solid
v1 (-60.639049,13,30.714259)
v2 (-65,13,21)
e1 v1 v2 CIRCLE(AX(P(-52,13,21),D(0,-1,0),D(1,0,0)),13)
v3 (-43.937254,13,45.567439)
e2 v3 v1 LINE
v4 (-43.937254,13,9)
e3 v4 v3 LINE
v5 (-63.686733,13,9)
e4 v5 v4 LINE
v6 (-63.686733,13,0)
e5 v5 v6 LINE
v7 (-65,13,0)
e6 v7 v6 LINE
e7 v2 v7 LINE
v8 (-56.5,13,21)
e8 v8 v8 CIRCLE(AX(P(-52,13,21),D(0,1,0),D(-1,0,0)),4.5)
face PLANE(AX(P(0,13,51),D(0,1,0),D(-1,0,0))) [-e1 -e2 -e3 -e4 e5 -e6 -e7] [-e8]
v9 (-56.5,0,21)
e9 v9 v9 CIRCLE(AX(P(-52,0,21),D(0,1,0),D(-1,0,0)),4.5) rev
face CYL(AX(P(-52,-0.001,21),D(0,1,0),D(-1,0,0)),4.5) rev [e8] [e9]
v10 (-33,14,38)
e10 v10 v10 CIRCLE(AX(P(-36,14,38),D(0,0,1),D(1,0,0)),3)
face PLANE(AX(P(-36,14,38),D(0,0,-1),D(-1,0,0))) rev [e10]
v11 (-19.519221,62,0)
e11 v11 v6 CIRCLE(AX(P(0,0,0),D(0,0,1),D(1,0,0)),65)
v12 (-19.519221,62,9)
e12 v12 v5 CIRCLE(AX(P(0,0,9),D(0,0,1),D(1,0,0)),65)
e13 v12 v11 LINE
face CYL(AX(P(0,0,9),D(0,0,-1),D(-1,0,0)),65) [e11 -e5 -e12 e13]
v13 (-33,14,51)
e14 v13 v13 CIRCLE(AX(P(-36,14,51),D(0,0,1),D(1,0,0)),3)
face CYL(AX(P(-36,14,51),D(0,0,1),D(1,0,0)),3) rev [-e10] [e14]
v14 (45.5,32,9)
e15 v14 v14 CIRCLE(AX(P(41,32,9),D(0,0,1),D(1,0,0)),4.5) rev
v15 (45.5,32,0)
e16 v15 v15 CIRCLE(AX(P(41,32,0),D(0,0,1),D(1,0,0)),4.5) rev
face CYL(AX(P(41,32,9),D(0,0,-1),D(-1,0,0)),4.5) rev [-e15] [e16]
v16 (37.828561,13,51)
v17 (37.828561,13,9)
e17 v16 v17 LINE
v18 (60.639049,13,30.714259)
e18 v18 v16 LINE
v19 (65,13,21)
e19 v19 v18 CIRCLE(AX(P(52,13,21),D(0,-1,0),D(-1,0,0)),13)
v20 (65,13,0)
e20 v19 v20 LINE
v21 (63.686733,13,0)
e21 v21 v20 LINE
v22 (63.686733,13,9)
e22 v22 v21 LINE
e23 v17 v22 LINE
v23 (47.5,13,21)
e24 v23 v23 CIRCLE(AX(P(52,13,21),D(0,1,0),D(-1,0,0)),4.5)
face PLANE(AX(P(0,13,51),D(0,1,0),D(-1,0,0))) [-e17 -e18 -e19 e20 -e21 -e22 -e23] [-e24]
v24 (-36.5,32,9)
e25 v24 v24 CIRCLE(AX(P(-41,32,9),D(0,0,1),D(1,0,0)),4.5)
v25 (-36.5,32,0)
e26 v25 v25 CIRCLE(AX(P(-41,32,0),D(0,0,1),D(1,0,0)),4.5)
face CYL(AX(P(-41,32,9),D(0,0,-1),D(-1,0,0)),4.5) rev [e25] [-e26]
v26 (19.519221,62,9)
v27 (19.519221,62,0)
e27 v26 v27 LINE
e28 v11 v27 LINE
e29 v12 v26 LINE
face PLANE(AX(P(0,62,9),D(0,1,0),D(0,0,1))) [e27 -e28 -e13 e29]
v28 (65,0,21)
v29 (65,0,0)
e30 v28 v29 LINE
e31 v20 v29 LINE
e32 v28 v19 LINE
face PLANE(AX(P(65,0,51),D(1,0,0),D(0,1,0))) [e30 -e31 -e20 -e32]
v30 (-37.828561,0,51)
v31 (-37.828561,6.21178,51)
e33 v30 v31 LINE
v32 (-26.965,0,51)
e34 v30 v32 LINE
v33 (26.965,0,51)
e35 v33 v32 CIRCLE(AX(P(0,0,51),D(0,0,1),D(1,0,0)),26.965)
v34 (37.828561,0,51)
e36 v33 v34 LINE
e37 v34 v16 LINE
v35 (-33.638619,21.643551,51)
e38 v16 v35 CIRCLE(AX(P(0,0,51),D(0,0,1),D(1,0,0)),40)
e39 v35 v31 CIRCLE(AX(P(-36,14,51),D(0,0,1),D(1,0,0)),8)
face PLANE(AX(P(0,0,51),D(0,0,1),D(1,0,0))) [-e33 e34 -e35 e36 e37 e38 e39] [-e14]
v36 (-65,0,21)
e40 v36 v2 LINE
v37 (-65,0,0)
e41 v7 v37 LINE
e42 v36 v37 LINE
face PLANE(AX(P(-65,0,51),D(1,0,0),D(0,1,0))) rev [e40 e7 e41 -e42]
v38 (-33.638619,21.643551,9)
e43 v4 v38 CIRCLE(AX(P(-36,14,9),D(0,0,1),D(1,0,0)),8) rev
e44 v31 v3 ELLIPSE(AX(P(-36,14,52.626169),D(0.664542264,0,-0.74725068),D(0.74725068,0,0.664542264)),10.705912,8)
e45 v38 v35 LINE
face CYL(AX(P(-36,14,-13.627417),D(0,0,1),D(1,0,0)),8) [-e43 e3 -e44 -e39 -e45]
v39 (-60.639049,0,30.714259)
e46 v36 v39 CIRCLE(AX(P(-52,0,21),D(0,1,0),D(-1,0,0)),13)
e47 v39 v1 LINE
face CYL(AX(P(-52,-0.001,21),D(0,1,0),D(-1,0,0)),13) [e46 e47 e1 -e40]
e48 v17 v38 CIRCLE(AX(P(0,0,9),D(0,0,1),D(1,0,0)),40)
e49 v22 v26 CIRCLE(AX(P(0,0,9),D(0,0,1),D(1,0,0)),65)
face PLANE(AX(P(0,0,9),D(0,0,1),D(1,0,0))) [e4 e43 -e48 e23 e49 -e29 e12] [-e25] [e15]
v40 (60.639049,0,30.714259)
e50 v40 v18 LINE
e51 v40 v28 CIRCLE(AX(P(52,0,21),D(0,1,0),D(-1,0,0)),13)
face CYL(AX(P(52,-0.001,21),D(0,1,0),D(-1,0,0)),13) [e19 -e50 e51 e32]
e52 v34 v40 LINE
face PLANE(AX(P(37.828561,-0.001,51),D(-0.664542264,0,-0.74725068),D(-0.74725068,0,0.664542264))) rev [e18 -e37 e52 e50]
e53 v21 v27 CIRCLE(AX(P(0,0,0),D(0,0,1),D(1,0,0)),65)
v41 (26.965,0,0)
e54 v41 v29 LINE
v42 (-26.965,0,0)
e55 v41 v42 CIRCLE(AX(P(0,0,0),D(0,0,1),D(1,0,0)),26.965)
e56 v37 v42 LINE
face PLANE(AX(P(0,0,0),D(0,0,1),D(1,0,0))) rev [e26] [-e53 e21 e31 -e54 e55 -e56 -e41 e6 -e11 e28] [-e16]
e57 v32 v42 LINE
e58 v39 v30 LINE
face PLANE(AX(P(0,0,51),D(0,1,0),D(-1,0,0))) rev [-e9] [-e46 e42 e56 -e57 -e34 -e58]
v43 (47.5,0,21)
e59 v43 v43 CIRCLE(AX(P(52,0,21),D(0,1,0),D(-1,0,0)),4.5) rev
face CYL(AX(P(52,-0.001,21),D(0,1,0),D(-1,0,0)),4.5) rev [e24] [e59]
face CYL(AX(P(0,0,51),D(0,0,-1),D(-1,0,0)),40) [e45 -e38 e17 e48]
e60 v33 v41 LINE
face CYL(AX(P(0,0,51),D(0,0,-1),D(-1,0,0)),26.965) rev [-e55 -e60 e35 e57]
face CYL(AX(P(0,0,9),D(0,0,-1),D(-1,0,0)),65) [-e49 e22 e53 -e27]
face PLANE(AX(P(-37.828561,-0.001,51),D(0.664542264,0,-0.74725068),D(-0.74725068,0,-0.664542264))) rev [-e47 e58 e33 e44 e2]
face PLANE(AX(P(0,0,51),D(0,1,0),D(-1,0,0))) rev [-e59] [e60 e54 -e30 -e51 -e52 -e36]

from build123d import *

# Parameters (mm, degrees)
BOSS_EXTRUDE1_DEPTH       = 51
BOSS_EXTRUDE2_DEPTH       = 51
SKETCH1_4_R               = 4.5
BOSS_EXTRUDE3_DEPTH       = 9
CUT_EXTRUDE1_REACH        = 98.057
SKETCH2_R                 = 4.5
BOSS_EXTRUDE4_START       = -42
SKETCH3_R                 = 8
BOSS_EXTRUDE4_DEPTH       = 42
F_6_0MM_DOWEL_HOLE1_D     = 6
F_6_0MM_DOWEL_HOLE1_DEPTH = 13


with BuildPart() as part:
    # Sketch1 → Boss-Extrude1 (new body)
    with BuildSketch(Plane.XY):
        with BuildLine():
            ThreePointArc((40, 0), (39.453405592, 6.590052141), (37.828560639, 13))
            ThreePointArc((37.828560639, 13), (0, 40), (-37.828560639, 13))
            ThreePointArc((-37.828560639, 13), (-39.453405592, 6.590052141), (-40, 0))
            Line((-40, 0), (-26.965, 0))
            ThreePointArc((-26.965, 0), (0, 26.965), (26.965, 0))
            Line((26.965, 0), (40, 0))
        make_face()
    extrude(amount=BOSS_EXTRUDE1_DEPTH)

    # Sketch1<3> → Boss-Extrude2 (add)
    with BuildSketch(Plane.XY):
        with BuildLine():
            Line((63.686733312, 13), (37.828560639, 13))
            ThreePointArc((37.828560639, 13), (39.453405592, 6.590052141), (40, 0))
            Line((40, 0), (65, 0))
            Line((65, 0), (65, 13))
            Line((65, 13), (63.686733312, 13))
        make_face()
        with BuildLine():
            ThreePointArc((-40, 0), (-39.453405592, 6.590052141), (-37.828560639, 13))
            Line((-37.828560639, 13), (-63.686733312, 13))
            Line((-63.686733312, 13), (-65, 13))
            Line((-65, 13), (-65, 0))
            Line((-65, 0), (-40, 0))
        make_face()
    extrude(amount=BOSS_EXTRUDE2_DEPTH)

    # Sketch1<4> → Boss-Extrude3 (add)
    with BuildSketch(Plane.XY):
        with BuildLine():
            ThreePointArc((-37.828560639, 13), (0, 40), (37.828560639, 13))
            Line((37.828560639, 13), (63.686733312, 13))
            ThreePointArc((63.686733312, 13), (48.281028578, 43.519447141), (19.519221296, 62))
            Line((19.519221296, 62), (-19.519221296, 62))
            ThreePointArc((-19.519221296, 62), (-48.281028578, 43.519447141), (-63.686733312, 13))
            Line((-63.686733312, 13), (-37.828560639, 13))
        make_face()
        with Locations((-41, 32)):
            Circle(SKETCH1_4_R, mode=Mode.SUBTRACT)
        with Locations((41, 32)):
            Circle(SKETCH1_4_R, mode=Mode.SUBTRACT)
    extrude(amount=BOSS_EXTRUDE3_DEPTH)

    # Sketch2 → Cut-Extrude1 (cut, up to next)
    with BuildSketch(Plane(origin=(0, 13, 0), x_dir=(1, 0, 0), z_dir=(0, 1, 0)), mode=Mode.PRIVATE) as cut_extrude1_sk1:
        with Locations(Location((52, -21, 0), (0, 0, 180))):
            Circle(SKETCH2_R)
    cut_extrude1_tool1 = extrude(cut_extrude1_sk1.sketch, amount=-CUT_EXTRUDE1_REACH, mode=Mode.PRIVATE) & part.part
    # Sketch2 → Cut-Extrude1 (cut, up to next)
    with BuildSketch(Plane(origin=(0, 13, 0), x_dir=(1, 0, 0), z_dir=(0, 1, 0)), mode=Mode.PRIVATE) as cut_extrude1_sk2:
        with Locations(Location((-52, -21, 0), (0, 0, 180))):
            Circle(SKETCH2_R)
    cut_extrude1_tool2 = extrude(cut_extrude1_sk2.sketch, amount=-CUT_EXTRUDE1_REACH, mode=Mode.PRIVATE) & part.part
    # Sketch2 → Cut-Extrude1 (cut, up to next)
    with BuildSketch(Plane(origin=(0, 13, 0), x_dir=(1, 0, 0), z_dir=(0, 1, 0)), mode=Mode.PRIVATE) as cut_extrude1_sk3:
        with BuildLine():
            Line((65, -51), (65, -21))
            ThreePointArc((65, -21), (63.859756378, -26.324112946), (60.639049437, -30.714258841))
            Line((60.639049437, -30.714258841), (37.828560639, -51))
            Line((37.828560639, -51), (65, -51))
        make_face()
    cut_extrude1_tool3 = extrude(cut_extrude1_sk3.sketch, amount=-CUT_EXTRUDE1_REACH, mode=Mode.PRIVATE) & part.part
    # Sketch2 → Cut-Extrude1 (cut, up to next)
    with BuildSketch(Plane(origin=(0, 13, 0), x_dir=(1, 0, 0), z_dir=(0, 1, 0)), mode=Mode.PRIVATE) as cut_extrude1_sk4:
        with BuildLine():
            Line((-65, -51), (-37.828560639, -51))
            Line((-37.828560639, -51), (-60.639049437, -30.714258841))
            ThreePointArc((-60.639049437, -30.714258841), (-63.859756378, -26.324112946), (-65, -21))
            Line((-65, -21), (-65, -51))
        make_face()
    cut_extrude1_tool4 = extrude(cut_extrude1_sk4.sketch, amount=-CUT_EXTRUDE1_REACH, mode=Mode.PRIVATE) & part.part
    add(cut_extrude1_tool1.solids().sort_by_distance((52, 13, 21))[0], mode=Mode.SUBTRACT)
    add(cut_extrude1_tool2.solids().sort_by_distance((-52, 13, 21))[0], mode=Mode.SUBTRACT)
    add(cut_extrude1_tool3.solids().sort_by_distance((56.054542, 13, 42.719243))[0], mode=Mode.SUBTRACT)
    add(cut_extrude1_tool4.solids().sort_by_distance((-56.054542, 13, 42.719243))[0], mode=Mode.SUBTRACT)

    # Sketch3 → Boss-Extrude4 (add)
    with BuildSketch(Plane.XY.offset(51).offset(BOSS_EXTRUDE4_START)):
        with Locations((-36, 14)):
            Circle(SKETCH3_R)
    extrude(amount=BOSS_EXTRUDE4_DEPTH)

    # Ø6.0mm Dowel Hole1
    with Locations(Plane.XY.offset(51)):
        with Locations((-36, 14)):
            Hole(F_6_0MM_DOWEL_HOLE1_D / 2, depth=F_6_0MM_DOWEL_HOLE1_DEPTH)


solid = part.part
